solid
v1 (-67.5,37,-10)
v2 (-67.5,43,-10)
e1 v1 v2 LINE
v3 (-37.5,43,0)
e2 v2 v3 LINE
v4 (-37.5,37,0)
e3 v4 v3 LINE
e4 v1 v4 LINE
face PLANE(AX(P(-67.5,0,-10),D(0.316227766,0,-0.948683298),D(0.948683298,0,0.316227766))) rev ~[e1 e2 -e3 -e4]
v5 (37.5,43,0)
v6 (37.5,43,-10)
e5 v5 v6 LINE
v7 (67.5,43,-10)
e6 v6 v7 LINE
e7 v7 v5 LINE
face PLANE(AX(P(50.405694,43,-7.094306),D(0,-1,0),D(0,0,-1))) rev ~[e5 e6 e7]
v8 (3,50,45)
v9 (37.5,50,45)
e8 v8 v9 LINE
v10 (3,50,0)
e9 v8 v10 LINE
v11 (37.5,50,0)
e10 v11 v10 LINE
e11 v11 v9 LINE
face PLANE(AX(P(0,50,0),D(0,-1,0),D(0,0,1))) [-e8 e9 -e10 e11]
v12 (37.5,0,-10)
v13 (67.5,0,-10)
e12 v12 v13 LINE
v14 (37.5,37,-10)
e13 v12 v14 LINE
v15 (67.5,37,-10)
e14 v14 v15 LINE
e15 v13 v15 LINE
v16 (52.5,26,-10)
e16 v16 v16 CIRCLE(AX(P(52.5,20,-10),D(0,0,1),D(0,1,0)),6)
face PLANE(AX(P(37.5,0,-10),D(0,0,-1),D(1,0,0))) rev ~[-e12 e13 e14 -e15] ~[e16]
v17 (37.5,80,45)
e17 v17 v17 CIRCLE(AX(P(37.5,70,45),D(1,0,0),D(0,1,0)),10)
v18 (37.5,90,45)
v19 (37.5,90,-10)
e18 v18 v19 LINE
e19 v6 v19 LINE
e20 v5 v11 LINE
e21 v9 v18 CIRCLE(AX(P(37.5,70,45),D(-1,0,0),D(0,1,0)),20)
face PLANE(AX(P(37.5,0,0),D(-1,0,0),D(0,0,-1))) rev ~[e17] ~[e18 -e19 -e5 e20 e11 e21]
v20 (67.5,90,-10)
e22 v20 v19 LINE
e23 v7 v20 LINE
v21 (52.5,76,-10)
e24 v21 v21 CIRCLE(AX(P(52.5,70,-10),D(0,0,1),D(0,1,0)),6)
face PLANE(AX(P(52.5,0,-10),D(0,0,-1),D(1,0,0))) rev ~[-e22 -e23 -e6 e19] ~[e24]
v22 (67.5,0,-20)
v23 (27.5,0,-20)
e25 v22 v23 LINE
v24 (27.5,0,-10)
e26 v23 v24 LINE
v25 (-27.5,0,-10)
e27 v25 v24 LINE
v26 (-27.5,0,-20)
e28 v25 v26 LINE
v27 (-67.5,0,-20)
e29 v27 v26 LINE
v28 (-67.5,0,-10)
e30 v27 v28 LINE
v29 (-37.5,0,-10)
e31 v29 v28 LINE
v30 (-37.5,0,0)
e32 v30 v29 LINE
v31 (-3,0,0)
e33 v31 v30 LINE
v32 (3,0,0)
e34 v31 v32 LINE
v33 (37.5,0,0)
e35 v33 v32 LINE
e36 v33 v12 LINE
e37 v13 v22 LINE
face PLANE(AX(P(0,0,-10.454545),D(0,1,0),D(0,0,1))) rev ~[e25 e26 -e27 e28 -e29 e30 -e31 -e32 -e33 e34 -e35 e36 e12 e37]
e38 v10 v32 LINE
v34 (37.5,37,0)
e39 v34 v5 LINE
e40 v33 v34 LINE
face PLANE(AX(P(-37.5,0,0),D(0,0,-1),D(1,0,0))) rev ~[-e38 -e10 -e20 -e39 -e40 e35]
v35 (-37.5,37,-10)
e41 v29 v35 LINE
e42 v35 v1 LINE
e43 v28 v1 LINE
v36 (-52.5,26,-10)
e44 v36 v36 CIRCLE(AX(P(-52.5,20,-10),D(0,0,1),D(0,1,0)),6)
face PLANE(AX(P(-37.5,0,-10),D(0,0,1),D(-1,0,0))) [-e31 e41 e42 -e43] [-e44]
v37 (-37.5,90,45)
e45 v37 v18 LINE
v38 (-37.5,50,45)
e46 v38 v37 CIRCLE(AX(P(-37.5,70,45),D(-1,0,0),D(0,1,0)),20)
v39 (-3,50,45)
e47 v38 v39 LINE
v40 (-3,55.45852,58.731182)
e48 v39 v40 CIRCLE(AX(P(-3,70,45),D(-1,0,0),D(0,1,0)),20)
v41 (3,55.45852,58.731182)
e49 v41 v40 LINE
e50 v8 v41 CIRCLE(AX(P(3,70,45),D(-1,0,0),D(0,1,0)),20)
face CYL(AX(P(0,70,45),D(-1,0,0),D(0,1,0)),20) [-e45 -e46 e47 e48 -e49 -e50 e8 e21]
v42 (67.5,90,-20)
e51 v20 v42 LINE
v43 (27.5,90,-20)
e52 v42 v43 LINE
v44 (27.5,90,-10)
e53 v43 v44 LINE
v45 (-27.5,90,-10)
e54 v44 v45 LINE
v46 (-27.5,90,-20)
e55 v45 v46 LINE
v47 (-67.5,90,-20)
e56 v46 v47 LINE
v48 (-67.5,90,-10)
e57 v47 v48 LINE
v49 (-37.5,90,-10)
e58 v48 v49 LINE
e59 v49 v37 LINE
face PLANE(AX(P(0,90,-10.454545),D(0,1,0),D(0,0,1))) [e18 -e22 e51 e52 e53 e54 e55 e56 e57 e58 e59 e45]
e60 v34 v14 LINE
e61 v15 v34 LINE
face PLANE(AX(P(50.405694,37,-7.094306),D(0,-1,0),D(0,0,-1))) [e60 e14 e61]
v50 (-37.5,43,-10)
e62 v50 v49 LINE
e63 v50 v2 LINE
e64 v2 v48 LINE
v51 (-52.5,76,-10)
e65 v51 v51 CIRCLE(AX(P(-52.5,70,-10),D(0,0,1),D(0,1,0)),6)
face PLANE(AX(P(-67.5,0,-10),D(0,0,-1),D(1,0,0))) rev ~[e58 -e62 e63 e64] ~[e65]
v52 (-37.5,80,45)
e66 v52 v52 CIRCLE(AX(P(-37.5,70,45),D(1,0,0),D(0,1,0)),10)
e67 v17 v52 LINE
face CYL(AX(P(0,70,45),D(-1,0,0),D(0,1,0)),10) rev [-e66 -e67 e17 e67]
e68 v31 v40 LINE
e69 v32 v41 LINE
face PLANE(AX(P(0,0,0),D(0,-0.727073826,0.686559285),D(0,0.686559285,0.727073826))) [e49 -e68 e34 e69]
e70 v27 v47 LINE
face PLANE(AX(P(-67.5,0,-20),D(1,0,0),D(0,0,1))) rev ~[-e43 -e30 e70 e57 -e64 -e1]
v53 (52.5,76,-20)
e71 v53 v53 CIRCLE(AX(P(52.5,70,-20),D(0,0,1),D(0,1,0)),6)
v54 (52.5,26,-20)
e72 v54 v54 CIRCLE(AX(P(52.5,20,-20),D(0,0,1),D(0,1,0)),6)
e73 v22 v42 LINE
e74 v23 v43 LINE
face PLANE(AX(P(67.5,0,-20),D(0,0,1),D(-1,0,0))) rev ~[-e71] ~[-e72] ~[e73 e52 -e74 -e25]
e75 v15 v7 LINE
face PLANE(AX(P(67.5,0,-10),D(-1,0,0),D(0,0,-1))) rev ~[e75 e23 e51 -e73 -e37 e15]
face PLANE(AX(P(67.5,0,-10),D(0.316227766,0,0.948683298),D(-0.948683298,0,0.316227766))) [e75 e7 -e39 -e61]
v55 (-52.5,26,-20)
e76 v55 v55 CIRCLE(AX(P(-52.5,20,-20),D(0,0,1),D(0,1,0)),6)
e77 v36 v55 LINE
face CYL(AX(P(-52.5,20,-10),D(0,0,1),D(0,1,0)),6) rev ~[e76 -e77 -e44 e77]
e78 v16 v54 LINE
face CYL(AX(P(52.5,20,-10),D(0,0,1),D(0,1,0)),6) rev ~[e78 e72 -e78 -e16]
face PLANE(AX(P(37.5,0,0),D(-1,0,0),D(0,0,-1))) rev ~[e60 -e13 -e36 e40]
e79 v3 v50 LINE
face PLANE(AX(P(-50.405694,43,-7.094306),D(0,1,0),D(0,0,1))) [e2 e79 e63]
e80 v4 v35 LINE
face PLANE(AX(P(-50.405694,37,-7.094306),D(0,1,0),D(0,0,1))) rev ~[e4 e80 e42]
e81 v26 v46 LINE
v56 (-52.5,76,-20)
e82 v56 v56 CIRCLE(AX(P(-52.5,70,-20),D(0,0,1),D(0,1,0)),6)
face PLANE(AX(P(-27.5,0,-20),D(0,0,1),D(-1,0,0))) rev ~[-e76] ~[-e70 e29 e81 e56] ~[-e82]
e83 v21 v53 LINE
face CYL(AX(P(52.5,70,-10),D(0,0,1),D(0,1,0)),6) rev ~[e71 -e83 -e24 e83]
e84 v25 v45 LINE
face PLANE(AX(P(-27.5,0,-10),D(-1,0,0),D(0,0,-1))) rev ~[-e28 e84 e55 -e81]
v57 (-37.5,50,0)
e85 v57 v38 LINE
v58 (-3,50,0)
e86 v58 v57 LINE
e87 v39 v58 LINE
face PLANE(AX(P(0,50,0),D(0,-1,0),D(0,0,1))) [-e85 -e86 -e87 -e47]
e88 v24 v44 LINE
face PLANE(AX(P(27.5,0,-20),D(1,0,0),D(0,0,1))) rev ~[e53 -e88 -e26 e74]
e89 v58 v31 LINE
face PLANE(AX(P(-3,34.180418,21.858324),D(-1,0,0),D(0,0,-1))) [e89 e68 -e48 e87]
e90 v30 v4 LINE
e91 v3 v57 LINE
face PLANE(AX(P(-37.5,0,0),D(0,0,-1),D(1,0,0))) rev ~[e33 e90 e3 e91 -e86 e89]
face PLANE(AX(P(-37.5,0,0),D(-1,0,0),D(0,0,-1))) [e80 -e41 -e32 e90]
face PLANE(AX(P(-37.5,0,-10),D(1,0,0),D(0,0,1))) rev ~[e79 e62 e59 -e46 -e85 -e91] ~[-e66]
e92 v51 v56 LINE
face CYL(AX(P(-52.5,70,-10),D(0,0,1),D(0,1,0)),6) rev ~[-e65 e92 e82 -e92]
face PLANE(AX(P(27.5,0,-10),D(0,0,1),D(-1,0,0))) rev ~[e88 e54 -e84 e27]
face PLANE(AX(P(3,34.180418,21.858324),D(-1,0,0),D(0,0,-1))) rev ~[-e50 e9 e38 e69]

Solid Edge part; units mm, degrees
sketch "Sketch1" plane through (0, 0, 0) normal (0, -1, 0) x (1, 0, 0)
  line L0 (67.5, -10) -> (67.5, -20)
  line L1 (67.5, -20) -> (27.5, -20)
  line L2 (27.5, -20) -> (27.5, -10)
  line L3 (27.5, -10) -> (3, -10)
  line L4 (3, -10) -> (0, -10)
  line L5 (0, -10) -> (-3, -10)
  line L6 (-3, -10) -> (-27.5, -10)
  line L7 (-27.5, -10) -> (-27.5, -20)
  line L8 (-27.5, -20) -> (-37.5, -20)
  line L9 (-37.5, -20) -> (-52.5, -20)
  line L10 (-52.5, -20) -> (-67.5, -20)
  line L11 (-67.5, -20) -> (-67.5, -10)
  line L12 (-67.5, -10) -> (-37.5, -10)
  line L13 (-37.5, -10) -> (-37.5, 0)
  line L14 (-37.5, 0) -> (-27.5, 0)
  line L15 (-27.5, 0) -> (-15.8209, 0)
  line L16 (-15.8209, 0) -> (0, 0)
  line L17 (0, 0) -> (3, 0)
  line L18 (3, 0) -> (27.5, 0)
  line L19 (27.5, 0) -> (37.5, 0)
  line L20 (37.5, 0) -> (37.5, -10)
  line L21 (37.5, -10) -> (52.5, -10)
  line L22 (52.5, -10) -> (67.5, -10)
extrude "Protrusion1" add sketch "Sketch1" against normal blind 90
sketch "Sketch2" plane through (0, 0, 0) normal (1, 0, 0) x (0, 1, 0)
  line L0 (90, 45) -> (90, 0)
  line L1 (90, 0) -> (50, 0)
  line L2 (50, 0) -> (50, 45)
  arc A0 (50, 45) -> (90, 45) centre (70, 45) cw
extrude "ExtrudedProtrusion_5" add sketch "Sketch2" along normal mid plane 75
sketch "Sketch3" plane through (0, 0, 0) normal (1, 0, 0) x (0, 1, 0)
  circle A0 centre (70, 45) radius 10
extrude "ExtrudedCutout_1" cut sketch "Sketch3" along normal mid plane 75
sketch "Sketch4" plane through (0, 0, 0) normal (1, 0, 0) x (0, 1, 0)
  line L0 (0, 0) -> (55.4585, 58.7312)
  line L1 (50, 45) -> (50, 0)
  line L2 (50, 0) -> (0, 0)
  arc A0 (50, 45) -> (55.4585, 58.7312) centre (70, 45) cw
extrude "ExtrudedProtrusion_6" add sketch "Sketch4" along normal mid plane 6
sketch "Sketch5" plane through (0, 0, -10) normal (0, -1, 0) x (1, 0, 0)
  line L0 (67.5, 0) -> (37.5, 10)
  line L1 (37.5, 10) -> (37.5, 0)
  line L2 (37.5, 0) -> (67.5, 0)
extrude "ExtrudedProtrusion_7" add sketch "Sketch5" against normal blind 43
sketch "Sketch6" plane through (0, 0, -10) normal (0, -1, 0) x (1, 0, 0)
  line L0 (67.5, 0) -> (37.5, 10)
  line L1 (37.5, 10) -> (37.5, 0)
  line L2 (37.5, 0) -> (67.5, 0)
extrude "ExtrudedCutout_2" cut sketch "Sketch6" against normal blind 37
sketch "Sketch7" plane through (0, 0, -10) normal (0, -1, 0) x (1, 0, 0)
  line L0 (-67.5, 0) -> (-37.5, 10)
  line L1 (-37.5, 10) -> (-37.5, 0)
  line L2 (-37.5, 0) -> (-67.5, 0)
extrude "ExtrudedProtrusion_8" add sketch "Sketch7" against normal blind 43
sketch "Sketch8" plane through (0, 0, -10) normal (0, -1, 0) x (1, 0, 0)
  line L0 (-67.5, 0) -> (-37.5, 10)
  line L1 (-37.5, 10) -> (-37.5, 0)
  line L2 (-37.5, 0) -> (-67.5, 0)
extrude "ExtrudedCutout_3" cut sketch "Sketch8" against normal blind 37
sketch "Sketch9" plane through (52.5, 18.5, -10) normal (0, 0, 1) x (0, 1, 0)
  circle A0 centre (1.5, 0) radius 6
extrude "ExtrudedCutout_4" cut sketch "Sketch9" against normal blind 10
sketch "Sketch10" plane through (52.5, 18.5, -10) normal (0, 0, 1) x (0, 1, 0)
  circle A0 centre (51.5, 0) radius 6
extrude "ExtrudedCutout_5" cut sketch "Sketch10" against normal blind 10
sketch "Sketch11" plane through (52.5, 18.5, -10) normal (0, 0, 1) x (0, 1, 0)
  circle A0 centre (51.5, 105) radius 6
extrude "ExtrudedCutout_6" cut sketch "Sketch11" against normal blind 10
sketch "Sketch12" plane through (52.5, 18.5, -10) normal (0, 0, 1) x (0, 1, 0)
  circle A0 centre (1.5, 105) radius 6
extrude "ExtrudedCutout_8" cut sketch "Sketch12" against normal blind 10
